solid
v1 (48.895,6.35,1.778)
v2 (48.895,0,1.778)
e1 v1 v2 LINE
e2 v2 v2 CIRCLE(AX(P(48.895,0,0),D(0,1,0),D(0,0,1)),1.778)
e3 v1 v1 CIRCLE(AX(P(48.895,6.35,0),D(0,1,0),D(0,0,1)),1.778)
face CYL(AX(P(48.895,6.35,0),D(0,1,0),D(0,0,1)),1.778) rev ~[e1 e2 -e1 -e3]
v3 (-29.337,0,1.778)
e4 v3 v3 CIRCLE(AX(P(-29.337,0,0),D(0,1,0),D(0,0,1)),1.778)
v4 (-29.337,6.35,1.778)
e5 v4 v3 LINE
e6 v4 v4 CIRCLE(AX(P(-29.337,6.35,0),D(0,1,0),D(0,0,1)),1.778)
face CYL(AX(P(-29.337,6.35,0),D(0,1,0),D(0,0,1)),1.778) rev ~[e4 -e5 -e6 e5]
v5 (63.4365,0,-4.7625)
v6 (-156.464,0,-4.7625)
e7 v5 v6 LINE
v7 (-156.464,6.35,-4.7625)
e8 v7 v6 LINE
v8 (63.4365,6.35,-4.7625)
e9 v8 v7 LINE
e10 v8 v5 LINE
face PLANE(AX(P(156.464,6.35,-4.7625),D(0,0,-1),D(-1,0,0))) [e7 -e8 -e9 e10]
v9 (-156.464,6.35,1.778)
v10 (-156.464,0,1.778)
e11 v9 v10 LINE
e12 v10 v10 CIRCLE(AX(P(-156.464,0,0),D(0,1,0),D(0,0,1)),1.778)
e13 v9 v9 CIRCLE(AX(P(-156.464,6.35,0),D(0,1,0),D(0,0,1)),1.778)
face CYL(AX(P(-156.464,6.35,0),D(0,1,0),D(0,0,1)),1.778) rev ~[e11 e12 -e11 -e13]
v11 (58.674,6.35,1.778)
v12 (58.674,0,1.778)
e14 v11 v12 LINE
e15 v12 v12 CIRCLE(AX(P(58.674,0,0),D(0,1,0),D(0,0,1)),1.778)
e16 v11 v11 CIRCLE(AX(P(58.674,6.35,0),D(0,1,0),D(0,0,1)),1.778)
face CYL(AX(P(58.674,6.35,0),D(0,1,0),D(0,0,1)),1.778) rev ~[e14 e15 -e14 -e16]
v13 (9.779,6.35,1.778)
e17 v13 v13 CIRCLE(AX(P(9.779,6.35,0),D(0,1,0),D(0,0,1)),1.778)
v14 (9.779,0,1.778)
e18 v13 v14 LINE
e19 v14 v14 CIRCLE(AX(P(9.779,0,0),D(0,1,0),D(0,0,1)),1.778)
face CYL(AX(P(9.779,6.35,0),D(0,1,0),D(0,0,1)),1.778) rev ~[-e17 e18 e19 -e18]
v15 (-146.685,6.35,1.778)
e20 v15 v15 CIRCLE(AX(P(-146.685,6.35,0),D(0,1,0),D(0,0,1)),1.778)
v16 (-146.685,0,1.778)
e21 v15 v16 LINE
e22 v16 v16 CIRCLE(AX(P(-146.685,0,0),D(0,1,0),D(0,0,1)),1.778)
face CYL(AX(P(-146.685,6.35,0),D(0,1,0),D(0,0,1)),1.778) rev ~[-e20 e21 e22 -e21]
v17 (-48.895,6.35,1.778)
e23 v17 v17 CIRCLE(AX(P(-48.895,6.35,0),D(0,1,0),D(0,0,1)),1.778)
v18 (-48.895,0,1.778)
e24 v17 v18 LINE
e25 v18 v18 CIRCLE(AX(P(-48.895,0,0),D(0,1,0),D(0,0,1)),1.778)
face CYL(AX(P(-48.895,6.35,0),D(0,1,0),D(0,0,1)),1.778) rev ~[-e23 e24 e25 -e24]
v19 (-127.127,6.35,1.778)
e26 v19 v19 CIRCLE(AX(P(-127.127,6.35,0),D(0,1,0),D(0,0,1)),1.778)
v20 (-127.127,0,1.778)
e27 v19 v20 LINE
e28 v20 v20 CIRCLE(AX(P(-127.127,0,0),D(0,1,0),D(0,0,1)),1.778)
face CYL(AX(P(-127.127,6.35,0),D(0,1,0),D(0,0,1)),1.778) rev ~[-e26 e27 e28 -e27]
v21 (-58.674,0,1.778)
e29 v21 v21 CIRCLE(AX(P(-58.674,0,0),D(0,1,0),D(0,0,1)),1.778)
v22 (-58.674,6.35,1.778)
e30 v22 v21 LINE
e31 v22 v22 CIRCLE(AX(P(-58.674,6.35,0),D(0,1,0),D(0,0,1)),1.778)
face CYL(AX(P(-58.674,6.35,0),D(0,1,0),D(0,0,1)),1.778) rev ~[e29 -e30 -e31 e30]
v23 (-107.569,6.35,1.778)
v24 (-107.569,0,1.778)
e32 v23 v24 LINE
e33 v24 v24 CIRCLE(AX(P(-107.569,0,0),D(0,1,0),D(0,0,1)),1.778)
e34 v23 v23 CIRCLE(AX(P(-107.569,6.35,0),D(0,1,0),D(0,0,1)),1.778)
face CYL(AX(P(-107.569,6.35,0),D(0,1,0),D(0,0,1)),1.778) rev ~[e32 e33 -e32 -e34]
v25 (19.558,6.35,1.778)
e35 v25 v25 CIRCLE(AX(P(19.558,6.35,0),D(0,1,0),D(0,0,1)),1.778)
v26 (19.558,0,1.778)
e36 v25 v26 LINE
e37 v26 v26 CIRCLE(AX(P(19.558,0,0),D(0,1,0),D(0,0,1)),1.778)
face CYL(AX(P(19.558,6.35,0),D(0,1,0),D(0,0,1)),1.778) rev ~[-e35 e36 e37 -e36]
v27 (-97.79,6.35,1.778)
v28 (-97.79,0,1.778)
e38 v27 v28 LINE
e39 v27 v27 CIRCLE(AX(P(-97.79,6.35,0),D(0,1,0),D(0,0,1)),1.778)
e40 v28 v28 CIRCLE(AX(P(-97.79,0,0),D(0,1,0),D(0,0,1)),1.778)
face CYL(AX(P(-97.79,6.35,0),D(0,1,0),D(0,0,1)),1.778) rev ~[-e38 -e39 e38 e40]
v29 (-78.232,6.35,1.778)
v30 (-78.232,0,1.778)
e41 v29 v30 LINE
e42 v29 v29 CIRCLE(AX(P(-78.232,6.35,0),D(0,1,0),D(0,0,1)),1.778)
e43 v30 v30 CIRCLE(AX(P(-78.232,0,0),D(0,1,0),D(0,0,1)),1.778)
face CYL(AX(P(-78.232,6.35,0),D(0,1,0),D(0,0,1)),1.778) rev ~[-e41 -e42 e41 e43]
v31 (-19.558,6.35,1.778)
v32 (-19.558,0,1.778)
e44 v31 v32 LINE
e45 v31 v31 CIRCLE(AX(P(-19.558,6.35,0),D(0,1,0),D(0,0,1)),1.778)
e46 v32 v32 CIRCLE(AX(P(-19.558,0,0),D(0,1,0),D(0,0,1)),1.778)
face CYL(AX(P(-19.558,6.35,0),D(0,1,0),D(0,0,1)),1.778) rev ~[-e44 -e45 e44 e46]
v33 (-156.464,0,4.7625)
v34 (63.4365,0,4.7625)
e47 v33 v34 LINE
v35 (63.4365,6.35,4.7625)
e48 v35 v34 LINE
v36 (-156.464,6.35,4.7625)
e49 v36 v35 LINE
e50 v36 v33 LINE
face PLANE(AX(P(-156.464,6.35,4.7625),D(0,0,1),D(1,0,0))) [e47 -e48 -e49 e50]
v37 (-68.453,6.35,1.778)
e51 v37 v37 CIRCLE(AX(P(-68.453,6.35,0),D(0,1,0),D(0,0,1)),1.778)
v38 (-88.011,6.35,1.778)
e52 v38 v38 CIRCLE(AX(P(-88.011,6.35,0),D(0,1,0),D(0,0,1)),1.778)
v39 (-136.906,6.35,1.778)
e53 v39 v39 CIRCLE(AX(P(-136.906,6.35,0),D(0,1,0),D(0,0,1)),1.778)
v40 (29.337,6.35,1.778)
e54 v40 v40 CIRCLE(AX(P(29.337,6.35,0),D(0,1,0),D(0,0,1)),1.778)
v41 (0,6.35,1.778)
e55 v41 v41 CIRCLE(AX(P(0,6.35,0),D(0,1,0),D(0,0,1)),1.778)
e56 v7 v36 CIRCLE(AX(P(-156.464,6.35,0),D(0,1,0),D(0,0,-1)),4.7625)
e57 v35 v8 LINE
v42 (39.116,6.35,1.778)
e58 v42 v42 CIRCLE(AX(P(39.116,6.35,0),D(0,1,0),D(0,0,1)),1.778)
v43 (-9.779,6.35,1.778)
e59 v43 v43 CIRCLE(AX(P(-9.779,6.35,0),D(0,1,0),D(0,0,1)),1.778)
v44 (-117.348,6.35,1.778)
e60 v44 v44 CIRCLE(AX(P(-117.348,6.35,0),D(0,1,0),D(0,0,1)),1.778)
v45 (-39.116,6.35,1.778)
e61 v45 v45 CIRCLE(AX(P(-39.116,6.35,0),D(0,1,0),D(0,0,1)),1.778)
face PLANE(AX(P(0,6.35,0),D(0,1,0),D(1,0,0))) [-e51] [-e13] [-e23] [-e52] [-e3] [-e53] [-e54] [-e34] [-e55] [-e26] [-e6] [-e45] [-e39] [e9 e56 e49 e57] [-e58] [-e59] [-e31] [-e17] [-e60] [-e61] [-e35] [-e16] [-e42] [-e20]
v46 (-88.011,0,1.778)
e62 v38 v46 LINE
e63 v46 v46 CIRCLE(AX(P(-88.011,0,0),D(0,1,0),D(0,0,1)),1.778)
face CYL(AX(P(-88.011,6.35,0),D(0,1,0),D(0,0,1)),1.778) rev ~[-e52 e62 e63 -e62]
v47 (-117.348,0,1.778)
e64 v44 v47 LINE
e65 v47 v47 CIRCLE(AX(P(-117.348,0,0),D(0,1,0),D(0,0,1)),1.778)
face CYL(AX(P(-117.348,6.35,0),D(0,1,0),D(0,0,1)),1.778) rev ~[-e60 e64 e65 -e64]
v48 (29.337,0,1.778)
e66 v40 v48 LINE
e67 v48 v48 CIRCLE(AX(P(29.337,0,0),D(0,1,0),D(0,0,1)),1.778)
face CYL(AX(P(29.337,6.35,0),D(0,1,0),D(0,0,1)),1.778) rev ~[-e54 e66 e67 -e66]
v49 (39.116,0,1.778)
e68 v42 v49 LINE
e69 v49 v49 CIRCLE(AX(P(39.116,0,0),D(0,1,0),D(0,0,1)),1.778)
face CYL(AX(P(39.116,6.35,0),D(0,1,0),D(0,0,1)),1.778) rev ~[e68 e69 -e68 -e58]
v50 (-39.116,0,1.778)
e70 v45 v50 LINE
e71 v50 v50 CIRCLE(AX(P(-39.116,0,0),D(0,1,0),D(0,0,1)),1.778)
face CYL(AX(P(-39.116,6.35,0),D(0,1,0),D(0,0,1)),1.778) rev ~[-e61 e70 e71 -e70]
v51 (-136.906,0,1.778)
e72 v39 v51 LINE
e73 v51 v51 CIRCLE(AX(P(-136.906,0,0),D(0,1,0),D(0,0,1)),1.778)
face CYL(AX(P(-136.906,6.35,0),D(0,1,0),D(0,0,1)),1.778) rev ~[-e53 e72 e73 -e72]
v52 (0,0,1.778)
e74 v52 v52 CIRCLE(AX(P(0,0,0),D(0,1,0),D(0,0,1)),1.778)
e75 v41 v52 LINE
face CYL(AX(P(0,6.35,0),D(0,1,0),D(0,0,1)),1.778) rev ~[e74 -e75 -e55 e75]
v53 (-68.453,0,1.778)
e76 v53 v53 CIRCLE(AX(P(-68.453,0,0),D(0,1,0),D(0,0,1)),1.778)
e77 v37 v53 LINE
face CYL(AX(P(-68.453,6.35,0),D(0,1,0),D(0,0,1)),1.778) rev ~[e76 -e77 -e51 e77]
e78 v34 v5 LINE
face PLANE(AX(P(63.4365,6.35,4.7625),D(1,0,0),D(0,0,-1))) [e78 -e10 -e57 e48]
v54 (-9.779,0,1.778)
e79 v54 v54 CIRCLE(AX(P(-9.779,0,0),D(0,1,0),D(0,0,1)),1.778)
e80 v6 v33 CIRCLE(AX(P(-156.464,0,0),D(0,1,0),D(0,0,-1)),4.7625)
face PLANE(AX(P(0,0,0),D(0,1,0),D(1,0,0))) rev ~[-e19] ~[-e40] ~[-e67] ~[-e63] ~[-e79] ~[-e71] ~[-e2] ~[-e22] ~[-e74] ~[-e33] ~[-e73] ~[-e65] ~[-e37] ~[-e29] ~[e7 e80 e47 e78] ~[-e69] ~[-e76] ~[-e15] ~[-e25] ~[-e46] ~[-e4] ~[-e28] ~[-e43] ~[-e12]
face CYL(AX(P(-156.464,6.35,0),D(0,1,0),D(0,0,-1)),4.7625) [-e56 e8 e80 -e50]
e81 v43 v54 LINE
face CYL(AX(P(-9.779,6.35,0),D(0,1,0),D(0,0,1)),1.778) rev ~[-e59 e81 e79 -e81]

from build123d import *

# Parameters (mm, degrees)
SKETCH1_R           = 1.778
BOSS_EXTRUDE1_DEPTH = 6.35
SKETCH2_W           = 100.128840489
SKETCH2_H           = 9.525
CUT_EXTRUDE1_DEPTH  = 162.421771173


with BuildPart() as part:
    # Sketch1 → Boss-Extrude1 (new body)
    with BuildSketch(Plane(origin=(0, 6.35, 0), x_dir=(1, 0, 0), z_dir=(0, 1, 0))):
        with BuildLine():
            Line((156.464, 4.7625), (-156.464, 4.7625))
            ThreePointArc((-156.464, 4.7625), (-161.2265, 0), (-156.464, -4.7625))
            Line((-156.464, -4.7625), (156.464, -4.7625))
            ThreePointArc((156.464, -4.7625), (161.2265, 0), (156.464, 4.7625))
        make_face()
        with Locations(Location((156.464, 0, 0), (0, 0, 270))):
            Circle(SKETCH1_R, mode=Mode.SUBTRACT)
        with Locations(Location((146.685, 0, 0), (0, 0, 270))):
            Circle(SKETCH1_R, mode=Mode.SUBTRACT)
        with Locations(Location((136.906, 0, 0), (0, 0, 270))):
            Circle(SKETCH1_R, mode=Mode.SUBTRACT)
        with Locations(Location((127.127, 0, 0), (0, 0, 270))):
            Circle(SKETCH1_R, mode=Mode.SUBTRACT)
        with Locations(Location((117.348, 0, 0), (0, 0, 270))):
            Circle(SKETCH1_R, mode=Mode.SUBTRACT)
        with Locations(Location((107.569, 0, 0), (0, 0, 270))):
            Circle(SKETCH1_R, mode=Mode.SUBTRACT)
        with Locations(Location((97.79, 0, 0), (0, 0, 270))):
            Circle(SKETCH1_R, mode=Mode.SUBTRACT)
        with Locations(Location((88.011, 0, 0), (0, 0, 270))):
            Circle(SKETCH1_R, mode=Mode.SUBTRACT)
        with Locations(Location((78.232, 0, 0), (0, 0, 270))):
            Circle(SKETCH1_R, mode=Mode.SUBTRACT)
        with Locations(Location((68.453, 0, 0), (0, 0, 270))):
            Circle(SKETCH1_R, mode=Mode.SUBTRACT)
        with Locations(Location((58.674, 0, 0), (0, 0, 270))):
            Circle(SKETCH1_R, mode=Mode.SUBTRACT)
        with Locations(Location((48.895, 0, 0), (0, 0, 270))):
            Circle(SKETCH1_R, mode=Mode.SUBTRACT)
        with Locations(Location((39.116, 0, 0), (0, 0, 270))):
            Circle(SKETCH1_R, mode=Mode.SUBTRACT)
        with Locations(Location((29.337, 0, 0), (0, 0, 270))):
            Circle(SKETCH1_R, mode=Mode.SUBTRACT)
        with Locations(Location((19.558, 0, 0), (0, 0, 270))):
            Circle(SKETCH1_R, mode=Mode.SUBTRACT)
        with Locations(Location((9.779, 0, 0), (0, 0, 270))):
            Circle(SKETCH1_R, mode=Mode.SUBTRACT)
        with Locations(Location((0, 0, 0), (0, 0, 270))):
            Circle(SKETCH1_R, mode=Mode.SUBTRACT)
        with Locations(Location((-9.779, 0, 0), (0, 0, 270))):
            Circle(SKETCH1_R, mode=Mode.SUBTRACT)
        with Locations(Location((-19.558, 0, 0), (0, 0, 270))):
            Circle(SKETCH1_R, mode=Mode.SUBTRACT)
        with Locations(Location((-29.337, 0, 0), (0, 0, 270))):
            Circle(SKETCH1_R, mode=Mode.SUBTRACT)
        with Locations(Location((-39.116, 0, 0), (0, 0, 270))):
            Circle(SKETCH1_R, mode=Mode.SUBTRACT)
        with Locations(Location((-48.895, 0, 0), (0, 0, 270))):
            Circle(SKETCH1_R, mode=Mode.SUBTRACT)
        with Locations(Location((-58.674, 0, 0), (0, 0, 270))):
            Circle(SKETCH1_R, mode=Mode.SUBTRACT)
        with Locations(Location((-68.453, 0, 0), (0, 0, 270))):
            Circle(SKETCH1_R, mode=Mode.SUBTRACT)
        with Locations(Location((-78.232, 0, 0), (0, 0, 270))):
            Circle(SKETCH1_R, mode=Mode.SUBTRACT)
        with Locations(Location((-88.011, 0, 0), (0, 0, 270))):
            Circle(SKETCH1_R, mode=Mode.SUBTRACT)
        with Locations(Location((-97.79, 0, 0), (0, 0, 270))):
            Circle(SKETCH1_R, mode=Mode.SUBTRACT)
        with Locations(Location((-107.569, 0, 0), (0, 0, 270))):
            Circle(SKETCH1_R, mode=Mode.SUBTRACT)
        with Locations(Location((-117.348, 0, 0), (0, 0, 270))):
            Circle(SKETCH1_R, mode=Mode.SUBTRACT)
        with Locations(Location((-127.127, 0, 0), (0, 0, 270))):
            Circle(SKETCH1_R, mode=Mode.SUBTRACT)
        with Locations(Location((-136.906, 0, 0), (0, 0, 270))):
            Circle(SKETCH1_R, mode=Mode.SUBTRACT)
        with Locations(Location((-146.685, 0, 0), (0, 0, 270))):
            Circle(SKETCH1_R, mode=Mode.SUBTRACT)
        with Locations(Location((-156.464, 0, 0), (0, 0, 270))):
            Circle(SKETCH1_R, mode=Mode.SUBTRACT)
    extrude(amount=-BOSS_EXTRUDE1_DEPTH)

    # Sketch2 → Cut-Extrude1 (cut, through all)
    with BuildSketch(Plane(origin=(0, 6.35, 0), x_dir=(1, 0, 0), z_dir=(0, 1, 0))):
        with Locations((113.500920245, 0)):
            Rectangle(SKETCH2_W, SKETCH2_H)
    extrude(amount=-CUT_EXTRUDE1_DEPTH, mode=Mode.SUBTRACT)


solid = part.part
